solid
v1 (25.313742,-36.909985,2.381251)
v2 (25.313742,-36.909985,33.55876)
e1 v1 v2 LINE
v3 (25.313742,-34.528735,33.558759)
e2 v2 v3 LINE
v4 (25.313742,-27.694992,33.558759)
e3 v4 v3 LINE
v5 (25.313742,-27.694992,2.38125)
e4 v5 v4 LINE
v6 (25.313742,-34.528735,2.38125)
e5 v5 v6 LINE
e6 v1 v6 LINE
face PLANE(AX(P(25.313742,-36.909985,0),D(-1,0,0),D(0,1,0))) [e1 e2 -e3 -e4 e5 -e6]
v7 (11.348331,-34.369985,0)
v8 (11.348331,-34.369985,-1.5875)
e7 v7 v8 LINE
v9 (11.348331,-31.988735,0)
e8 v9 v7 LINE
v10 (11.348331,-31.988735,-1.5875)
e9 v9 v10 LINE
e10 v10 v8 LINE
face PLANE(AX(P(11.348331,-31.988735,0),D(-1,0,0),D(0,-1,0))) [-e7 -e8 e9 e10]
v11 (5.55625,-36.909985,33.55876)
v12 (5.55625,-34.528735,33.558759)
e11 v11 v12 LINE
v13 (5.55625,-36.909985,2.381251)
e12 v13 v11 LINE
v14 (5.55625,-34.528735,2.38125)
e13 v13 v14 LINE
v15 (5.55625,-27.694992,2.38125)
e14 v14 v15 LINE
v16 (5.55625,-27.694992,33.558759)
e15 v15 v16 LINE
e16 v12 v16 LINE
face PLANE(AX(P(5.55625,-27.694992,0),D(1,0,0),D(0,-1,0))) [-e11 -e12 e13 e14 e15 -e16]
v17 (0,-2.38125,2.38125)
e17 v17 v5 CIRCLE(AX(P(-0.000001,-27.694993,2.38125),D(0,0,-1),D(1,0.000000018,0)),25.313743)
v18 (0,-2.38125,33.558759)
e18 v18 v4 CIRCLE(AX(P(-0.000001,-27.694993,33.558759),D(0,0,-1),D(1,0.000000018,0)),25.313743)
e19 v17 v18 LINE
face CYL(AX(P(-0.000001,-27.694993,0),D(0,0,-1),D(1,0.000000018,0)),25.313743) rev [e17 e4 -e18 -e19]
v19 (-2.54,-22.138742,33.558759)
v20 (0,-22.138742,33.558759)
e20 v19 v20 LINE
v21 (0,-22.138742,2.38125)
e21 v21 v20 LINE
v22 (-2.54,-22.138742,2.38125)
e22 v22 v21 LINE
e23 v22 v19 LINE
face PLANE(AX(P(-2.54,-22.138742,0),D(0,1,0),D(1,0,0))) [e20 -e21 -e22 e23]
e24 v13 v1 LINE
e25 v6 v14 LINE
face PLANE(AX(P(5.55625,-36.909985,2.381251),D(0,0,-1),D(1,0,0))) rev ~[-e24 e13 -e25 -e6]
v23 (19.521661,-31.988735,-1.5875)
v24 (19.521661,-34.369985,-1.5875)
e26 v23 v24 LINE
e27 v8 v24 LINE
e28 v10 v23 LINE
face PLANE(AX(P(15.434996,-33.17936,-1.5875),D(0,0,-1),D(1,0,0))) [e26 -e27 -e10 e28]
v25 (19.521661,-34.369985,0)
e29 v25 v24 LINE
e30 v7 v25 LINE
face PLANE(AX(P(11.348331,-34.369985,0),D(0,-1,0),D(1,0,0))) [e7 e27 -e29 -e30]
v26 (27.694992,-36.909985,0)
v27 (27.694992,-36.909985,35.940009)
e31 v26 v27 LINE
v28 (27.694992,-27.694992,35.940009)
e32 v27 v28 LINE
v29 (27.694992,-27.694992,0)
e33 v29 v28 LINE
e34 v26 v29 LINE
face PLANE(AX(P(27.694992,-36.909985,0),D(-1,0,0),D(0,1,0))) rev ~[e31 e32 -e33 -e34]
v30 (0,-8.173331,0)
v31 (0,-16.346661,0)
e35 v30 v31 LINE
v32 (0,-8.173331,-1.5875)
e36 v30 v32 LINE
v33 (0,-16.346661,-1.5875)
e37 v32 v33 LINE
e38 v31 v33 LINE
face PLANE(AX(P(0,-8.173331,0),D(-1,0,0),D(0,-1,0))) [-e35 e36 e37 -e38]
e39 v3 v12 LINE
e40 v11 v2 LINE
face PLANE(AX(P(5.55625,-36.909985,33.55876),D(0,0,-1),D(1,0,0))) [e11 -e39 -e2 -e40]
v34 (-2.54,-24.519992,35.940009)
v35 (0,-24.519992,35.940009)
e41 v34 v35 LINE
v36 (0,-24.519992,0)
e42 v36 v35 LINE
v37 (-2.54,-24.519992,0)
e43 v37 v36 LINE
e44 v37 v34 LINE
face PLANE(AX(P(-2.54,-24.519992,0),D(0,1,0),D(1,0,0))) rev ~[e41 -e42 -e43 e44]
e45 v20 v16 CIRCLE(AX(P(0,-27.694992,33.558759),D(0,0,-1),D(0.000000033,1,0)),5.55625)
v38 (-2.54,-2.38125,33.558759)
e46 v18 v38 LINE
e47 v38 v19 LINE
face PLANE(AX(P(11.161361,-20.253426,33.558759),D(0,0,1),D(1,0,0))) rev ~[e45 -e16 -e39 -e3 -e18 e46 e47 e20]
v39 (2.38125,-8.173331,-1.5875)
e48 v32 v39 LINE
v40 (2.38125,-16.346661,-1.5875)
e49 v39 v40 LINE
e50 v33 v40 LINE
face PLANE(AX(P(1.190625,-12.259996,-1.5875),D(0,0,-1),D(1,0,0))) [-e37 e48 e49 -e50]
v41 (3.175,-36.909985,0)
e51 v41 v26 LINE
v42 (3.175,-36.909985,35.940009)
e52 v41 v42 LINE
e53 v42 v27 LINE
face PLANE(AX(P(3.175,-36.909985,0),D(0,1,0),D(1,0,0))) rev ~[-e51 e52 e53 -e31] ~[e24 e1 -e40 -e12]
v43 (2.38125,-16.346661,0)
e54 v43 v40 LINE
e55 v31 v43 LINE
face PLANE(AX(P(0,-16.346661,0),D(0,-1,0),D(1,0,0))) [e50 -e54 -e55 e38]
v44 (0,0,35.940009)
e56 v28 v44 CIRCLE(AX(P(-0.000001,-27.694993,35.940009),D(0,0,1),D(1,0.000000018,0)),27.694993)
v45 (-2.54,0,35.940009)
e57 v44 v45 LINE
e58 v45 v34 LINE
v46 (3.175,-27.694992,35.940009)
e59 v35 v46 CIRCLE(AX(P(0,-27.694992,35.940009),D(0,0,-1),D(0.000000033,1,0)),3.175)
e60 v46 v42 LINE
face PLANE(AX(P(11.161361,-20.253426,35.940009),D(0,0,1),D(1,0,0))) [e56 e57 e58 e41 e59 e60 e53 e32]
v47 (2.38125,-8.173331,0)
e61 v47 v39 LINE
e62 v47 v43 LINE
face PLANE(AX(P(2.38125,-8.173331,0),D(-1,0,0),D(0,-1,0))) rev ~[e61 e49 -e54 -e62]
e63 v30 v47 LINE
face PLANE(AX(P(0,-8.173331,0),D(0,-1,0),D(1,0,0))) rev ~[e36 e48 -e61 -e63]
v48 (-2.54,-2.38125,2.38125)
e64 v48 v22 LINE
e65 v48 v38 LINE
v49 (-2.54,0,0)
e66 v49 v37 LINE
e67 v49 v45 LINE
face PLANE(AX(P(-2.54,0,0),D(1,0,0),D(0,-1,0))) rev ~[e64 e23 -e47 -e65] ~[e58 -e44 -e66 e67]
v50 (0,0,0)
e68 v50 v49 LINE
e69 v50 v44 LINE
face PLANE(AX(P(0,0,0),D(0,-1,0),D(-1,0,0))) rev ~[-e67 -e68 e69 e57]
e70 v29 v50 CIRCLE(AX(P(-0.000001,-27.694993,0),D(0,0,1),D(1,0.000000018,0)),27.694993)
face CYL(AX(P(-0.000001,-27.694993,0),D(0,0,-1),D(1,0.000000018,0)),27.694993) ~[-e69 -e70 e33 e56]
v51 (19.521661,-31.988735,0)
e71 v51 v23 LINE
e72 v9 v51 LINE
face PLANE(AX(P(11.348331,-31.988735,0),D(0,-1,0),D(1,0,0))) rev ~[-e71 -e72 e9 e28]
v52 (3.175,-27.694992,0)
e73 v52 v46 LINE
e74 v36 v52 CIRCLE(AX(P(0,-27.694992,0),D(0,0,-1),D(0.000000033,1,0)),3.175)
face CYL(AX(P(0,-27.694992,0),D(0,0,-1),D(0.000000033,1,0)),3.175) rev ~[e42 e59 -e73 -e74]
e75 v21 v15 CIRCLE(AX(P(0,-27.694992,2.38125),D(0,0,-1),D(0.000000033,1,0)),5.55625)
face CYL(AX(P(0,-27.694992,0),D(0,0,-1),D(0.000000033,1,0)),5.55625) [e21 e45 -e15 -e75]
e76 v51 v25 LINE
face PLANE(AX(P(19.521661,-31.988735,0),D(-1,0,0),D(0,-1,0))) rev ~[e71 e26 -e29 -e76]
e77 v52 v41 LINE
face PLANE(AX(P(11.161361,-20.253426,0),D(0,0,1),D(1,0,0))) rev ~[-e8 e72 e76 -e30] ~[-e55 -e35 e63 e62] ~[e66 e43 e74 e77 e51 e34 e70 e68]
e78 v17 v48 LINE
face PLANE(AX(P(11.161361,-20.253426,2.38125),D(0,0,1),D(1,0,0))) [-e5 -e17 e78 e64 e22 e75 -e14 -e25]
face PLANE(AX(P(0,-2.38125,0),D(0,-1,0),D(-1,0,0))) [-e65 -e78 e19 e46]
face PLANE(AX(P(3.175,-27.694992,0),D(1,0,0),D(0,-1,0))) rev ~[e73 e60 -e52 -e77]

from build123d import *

# Parameters (mm, degrees)
F1_DEPTH = 35.940009
F2_T     = -2.38125
F3_W     = 19.757492
F3_H     = 31.177509
F4_DEPTH = 2.38125
F5_W     = 2.38125
F5_H     = 8.17333
F5_W_2   = 8.17333
F5_H_2   = 2.38125
F6_DEPTH = 1.5875


with BuildPart() as f1:
    # F0 (on Top) → F1 (new body)
    with BuildSketch(Plane.XY):
        with BuildLine():
            ThreePointArc((27.694992, -27.694992), (19.583316, -8.111675), (0, 0))
            Line((0, 0), (-2.54, 0))
            Line((-2.54, 0), (-2.54, -24.519992))
            Line((-2.54, -24.519992), (0, -24.519992))
            ThreePointArc((0, -24.519992), (2.245064, -25.449928), (3.175, -27.694992))
            Line((3.175, -27.694992), (3.175, -36.909985))
            Line((3.175, -36.909985), (27.694992, -36.909985))
            Line((27.694992, -36.909985), (27.694992, -27.694992))
        make_face()
    extrude(amount=F1_DEPTH)

    # F2
    f2_openings = [f1.faces().sort_by_distance(p)[0] for p in [
        (-2.54, -12.259996, 17.970005),
    ]]
    offset(amount=F2_T, openings=f2_openings)

    # F3 (on face) → F4 (cut)
    with BuildSketch(Plane.XZ.offset(36.909985)):
        with Locations((15.434996, 17.970005)):
            Rectangle(F3_W, F3_H)
    extrude(amount=-F4_DEPTH, mode=Mode.SUBTRACT)

    # F5 (on face) → F6 (join)
    with BuildSketch(Plane(origin=(0, 0, 0), x_dir=(1, 0, 0), z_dir=(0, 0, -1))):
        with Locations((1.190625, 12.259996)):
            Rectangle(F5_W, F5_H)
        with Locations((15.434996, 33.17936)):
            Rectangle(F5_W_2, F5_H_2)
    extrude(amount=F6_DEPTH)


solid = f1.part
